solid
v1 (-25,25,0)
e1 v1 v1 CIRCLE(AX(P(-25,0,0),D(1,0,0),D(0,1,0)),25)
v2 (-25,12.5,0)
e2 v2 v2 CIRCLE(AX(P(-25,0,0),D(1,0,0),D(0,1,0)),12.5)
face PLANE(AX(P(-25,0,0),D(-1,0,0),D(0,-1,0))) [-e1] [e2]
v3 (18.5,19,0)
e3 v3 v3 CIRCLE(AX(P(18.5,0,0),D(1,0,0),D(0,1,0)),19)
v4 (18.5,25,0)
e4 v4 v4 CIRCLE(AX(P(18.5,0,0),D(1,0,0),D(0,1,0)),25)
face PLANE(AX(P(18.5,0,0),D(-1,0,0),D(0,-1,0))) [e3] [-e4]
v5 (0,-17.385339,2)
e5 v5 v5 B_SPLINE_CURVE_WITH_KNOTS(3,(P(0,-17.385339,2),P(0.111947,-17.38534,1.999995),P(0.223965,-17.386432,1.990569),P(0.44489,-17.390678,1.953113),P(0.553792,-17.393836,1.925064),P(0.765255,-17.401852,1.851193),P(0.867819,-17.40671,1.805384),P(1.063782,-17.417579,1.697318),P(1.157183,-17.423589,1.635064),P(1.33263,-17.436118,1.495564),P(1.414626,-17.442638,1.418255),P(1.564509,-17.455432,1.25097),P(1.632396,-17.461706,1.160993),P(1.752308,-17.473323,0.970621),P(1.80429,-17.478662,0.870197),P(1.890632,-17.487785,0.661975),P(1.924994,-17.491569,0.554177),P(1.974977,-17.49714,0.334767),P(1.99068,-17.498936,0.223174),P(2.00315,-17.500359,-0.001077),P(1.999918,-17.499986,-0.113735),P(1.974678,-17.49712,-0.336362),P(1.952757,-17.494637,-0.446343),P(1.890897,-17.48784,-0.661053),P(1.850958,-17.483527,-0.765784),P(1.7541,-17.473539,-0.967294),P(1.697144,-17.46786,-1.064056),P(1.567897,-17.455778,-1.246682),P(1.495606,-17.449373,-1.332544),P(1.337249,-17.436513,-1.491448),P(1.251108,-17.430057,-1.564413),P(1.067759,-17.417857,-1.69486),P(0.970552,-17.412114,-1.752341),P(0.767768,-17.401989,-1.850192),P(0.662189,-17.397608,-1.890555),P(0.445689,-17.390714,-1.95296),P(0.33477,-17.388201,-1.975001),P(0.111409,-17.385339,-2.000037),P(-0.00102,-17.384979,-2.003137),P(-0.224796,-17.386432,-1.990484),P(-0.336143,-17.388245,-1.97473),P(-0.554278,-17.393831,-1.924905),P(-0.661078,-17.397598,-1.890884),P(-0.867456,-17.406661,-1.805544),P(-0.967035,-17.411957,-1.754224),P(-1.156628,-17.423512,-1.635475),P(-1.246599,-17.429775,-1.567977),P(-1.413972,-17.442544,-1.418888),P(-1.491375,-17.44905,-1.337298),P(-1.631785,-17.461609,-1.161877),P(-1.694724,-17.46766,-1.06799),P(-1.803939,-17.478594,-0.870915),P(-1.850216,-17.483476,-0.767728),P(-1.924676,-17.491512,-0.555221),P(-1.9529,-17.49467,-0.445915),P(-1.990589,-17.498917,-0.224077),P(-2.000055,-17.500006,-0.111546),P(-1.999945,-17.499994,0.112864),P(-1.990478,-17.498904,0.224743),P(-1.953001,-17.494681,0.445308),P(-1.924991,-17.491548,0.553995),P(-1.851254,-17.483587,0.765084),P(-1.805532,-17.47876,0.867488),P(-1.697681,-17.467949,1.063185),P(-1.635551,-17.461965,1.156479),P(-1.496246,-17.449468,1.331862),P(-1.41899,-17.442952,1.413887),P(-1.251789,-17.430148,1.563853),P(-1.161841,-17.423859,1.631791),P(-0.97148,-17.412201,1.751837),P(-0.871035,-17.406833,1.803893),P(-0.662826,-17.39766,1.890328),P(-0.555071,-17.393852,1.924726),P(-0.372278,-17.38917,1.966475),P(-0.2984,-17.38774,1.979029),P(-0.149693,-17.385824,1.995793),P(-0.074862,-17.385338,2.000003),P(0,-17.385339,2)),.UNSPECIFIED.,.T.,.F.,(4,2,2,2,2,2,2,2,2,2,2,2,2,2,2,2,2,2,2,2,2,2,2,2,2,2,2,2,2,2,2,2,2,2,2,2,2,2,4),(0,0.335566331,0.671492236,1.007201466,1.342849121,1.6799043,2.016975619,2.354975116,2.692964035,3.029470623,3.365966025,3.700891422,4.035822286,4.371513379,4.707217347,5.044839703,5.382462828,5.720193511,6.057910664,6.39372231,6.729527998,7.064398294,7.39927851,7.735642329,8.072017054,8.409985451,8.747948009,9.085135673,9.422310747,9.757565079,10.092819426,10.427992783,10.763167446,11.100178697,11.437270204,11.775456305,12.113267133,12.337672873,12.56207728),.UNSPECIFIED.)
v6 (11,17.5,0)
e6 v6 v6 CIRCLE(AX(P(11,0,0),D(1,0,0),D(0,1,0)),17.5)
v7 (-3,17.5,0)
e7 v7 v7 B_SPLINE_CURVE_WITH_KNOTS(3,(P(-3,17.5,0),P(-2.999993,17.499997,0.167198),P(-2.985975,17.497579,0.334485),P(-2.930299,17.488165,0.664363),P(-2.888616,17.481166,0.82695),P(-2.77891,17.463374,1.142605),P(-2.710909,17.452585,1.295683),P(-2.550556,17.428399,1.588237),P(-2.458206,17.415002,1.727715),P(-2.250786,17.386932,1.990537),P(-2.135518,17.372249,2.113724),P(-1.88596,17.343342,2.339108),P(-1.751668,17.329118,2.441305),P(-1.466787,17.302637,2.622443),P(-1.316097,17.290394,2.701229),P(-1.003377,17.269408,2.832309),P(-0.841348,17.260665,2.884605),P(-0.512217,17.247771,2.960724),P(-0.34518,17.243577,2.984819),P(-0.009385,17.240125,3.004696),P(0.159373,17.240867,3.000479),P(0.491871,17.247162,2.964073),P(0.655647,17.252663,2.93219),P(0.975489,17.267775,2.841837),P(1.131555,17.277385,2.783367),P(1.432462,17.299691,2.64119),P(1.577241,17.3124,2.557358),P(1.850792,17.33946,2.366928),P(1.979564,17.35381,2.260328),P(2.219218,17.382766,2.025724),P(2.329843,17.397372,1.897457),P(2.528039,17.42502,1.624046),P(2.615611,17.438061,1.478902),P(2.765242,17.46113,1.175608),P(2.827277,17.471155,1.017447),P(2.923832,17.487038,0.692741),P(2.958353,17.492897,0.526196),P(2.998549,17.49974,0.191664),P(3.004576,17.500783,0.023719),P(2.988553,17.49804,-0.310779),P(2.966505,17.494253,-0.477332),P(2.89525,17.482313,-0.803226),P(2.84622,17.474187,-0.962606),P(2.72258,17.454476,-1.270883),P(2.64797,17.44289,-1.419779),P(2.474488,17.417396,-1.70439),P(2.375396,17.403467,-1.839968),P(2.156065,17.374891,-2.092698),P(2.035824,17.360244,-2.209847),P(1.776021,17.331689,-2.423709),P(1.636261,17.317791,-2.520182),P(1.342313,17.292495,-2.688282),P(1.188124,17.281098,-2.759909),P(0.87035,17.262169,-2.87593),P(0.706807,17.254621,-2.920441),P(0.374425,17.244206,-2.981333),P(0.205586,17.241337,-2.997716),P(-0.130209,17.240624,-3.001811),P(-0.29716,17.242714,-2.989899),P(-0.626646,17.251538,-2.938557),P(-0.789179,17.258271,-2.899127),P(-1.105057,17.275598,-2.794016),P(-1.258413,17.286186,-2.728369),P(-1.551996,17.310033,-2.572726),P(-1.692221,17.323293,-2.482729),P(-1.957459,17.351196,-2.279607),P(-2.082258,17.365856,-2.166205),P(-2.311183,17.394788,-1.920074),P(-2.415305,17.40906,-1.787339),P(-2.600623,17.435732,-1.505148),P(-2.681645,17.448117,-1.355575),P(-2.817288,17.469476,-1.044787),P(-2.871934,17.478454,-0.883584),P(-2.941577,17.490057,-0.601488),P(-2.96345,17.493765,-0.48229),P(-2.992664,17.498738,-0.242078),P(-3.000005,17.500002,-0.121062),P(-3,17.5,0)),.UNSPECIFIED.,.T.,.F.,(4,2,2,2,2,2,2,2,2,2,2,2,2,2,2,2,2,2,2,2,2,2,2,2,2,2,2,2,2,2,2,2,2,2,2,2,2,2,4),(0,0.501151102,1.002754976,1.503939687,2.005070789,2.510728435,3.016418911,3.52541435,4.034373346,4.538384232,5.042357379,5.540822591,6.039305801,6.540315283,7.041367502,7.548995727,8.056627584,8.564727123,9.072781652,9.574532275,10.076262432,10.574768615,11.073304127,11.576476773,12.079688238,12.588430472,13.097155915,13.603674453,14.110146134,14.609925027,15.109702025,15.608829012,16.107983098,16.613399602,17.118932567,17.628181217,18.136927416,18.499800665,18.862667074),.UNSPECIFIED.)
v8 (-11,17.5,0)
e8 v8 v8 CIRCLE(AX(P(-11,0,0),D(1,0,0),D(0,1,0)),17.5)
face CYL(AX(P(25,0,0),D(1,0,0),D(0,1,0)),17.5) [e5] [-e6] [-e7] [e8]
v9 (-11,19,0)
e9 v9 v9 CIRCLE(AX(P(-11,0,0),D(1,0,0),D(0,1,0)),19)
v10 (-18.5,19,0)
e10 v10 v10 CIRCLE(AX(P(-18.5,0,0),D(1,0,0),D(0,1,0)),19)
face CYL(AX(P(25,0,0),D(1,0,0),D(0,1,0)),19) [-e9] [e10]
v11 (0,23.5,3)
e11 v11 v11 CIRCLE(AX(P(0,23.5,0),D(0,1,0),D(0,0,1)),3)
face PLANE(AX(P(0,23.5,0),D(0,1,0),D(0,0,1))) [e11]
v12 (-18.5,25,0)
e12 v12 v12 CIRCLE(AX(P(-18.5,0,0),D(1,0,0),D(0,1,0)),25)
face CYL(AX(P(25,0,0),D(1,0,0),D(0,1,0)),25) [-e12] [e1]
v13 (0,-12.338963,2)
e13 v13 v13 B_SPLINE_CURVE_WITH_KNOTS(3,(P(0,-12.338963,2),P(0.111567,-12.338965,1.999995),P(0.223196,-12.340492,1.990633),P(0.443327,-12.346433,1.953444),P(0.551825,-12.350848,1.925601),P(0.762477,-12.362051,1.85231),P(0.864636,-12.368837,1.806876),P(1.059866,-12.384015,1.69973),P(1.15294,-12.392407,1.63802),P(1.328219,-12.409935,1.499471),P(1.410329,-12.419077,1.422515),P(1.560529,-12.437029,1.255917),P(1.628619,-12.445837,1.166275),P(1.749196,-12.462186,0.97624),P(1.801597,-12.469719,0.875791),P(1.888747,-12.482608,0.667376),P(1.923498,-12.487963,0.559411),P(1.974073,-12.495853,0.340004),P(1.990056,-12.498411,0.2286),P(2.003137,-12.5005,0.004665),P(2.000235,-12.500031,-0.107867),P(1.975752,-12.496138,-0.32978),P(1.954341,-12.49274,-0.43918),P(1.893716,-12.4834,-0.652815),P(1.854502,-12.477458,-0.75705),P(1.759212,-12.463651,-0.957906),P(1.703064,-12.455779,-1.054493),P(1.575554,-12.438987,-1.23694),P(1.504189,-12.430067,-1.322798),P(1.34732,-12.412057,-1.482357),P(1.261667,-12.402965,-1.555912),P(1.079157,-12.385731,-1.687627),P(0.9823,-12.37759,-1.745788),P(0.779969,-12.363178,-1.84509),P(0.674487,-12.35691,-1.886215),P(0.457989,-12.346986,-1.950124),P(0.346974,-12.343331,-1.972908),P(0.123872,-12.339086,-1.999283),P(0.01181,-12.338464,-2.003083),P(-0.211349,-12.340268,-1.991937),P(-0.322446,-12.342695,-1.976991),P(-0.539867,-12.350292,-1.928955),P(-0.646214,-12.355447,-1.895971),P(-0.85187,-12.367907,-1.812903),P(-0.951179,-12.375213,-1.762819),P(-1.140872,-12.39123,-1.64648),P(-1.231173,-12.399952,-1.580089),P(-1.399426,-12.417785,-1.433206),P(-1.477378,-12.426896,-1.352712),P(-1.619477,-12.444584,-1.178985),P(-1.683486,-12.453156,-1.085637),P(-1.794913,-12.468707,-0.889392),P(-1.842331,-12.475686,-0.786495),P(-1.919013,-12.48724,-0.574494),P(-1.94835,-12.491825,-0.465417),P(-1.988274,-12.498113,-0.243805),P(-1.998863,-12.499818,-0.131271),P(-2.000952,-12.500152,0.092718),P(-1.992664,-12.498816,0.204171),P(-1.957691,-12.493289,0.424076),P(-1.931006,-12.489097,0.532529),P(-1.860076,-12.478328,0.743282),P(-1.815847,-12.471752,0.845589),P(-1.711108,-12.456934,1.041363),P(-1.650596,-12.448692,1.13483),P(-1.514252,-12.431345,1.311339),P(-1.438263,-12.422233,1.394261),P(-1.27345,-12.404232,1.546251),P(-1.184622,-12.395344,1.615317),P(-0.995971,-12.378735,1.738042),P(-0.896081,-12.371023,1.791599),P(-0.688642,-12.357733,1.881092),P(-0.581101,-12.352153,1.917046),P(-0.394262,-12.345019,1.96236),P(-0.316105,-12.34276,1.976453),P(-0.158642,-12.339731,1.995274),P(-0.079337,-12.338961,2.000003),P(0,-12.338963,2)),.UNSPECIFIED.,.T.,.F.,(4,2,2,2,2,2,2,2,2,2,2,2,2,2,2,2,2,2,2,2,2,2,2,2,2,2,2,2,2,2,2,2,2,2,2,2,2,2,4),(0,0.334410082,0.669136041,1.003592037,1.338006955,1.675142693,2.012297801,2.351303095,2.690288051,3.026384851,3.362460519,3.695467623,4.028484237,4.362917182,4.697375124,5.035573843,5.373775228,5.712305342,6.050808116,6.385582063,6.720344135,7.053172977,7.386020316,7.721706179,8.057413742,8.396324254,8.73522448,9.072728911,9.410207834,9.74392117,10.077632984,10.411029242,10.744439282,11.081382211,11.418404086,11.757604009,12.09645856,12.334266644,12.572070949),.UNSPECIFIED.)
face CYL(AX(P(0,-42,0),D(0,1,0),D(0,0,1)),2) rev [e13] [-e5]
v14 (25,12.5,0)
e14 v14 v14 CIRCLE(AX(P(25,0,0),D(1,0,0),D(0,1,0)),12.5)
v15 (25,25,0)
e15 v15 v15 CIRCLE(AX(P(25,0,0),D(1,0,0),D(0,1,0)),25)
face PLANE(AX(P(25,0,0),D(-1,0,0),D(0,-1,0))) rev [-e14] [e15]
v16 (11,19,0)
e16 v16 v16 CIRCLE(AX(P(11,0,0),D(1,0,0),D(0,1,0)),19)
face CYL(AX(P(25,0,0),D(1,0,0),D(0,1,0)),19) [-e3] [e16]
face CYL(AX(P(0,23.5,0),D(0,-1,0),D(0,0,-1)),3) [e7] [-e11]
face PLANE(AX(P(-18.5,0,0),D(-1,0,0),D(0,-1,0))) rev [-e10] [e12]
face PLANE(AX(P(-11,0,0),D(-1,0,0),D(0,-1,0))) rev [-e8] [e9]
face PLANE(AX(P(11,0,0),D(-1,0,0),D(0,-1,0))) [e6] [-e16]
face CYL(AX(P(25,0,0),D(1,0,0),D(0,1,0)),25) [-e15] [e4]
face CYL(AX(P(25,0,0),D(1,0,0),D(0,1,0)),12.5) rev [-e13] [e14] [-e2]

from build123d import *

# Parameters (mm, degrees)
SKETCH2_R           = 2
CUT_EXTRUDE1_DEPTH  = 42
SKETCH3_R           = 3
BOSS_EXTRUDE1_DEPTH = 23.5
SKETCH20_R          = 12.5
CUT_EXTRUDE2_DEPTH  = 62.237243651


with BuildPart() as part:
    # Sketch1 → Revolve1 (revolve)
    with BuildSketch(Plane.XY):
        Polygon((25, 25), (25, 12.5), (-25, 12.5), (-25, 25), (-18.5, 25), (-18.5, 19), (-11, 19), (-11, 17.5), (11, 17.5), (11, 19), (18.5, 19), (18.5, 25), align=None)
    revolve(axis=Axis((25, 0, 0), (-1, 0, 0)))

    # Sketch2 → Cut-Extrude1 (cut)
    with BuildSketch(Plane(origin=(0, 0, 0), x_dir=(1, 0, 0), z_dir=(0, 1, 0))):
        with Locations(Location((0, 0, 0), (0, 0, 270))):
            Circle(SKETCH2_R)
    extrude(amount=-CUT_EXTRUDE1_DEPTH, mode=Mode.SUBTRACT)

    # Sketch3 → Boss-Extrude1 (add)
    with BuildSketch(Plane(origin=(0, 0, 0), x_dir=(1, 0, 0), z_dir=(0, 1, 0))):
        with Locations(Location((0, 0, 0), (0, 0, 180))):
            Circle(SKETCH3_R)
    extrude(amount=BOSS_EXTRUDE1_DEPTH)

    # Sketch20 → Cut-Extrude2 (cut, through all)
    with BuildSketch(Plane.ZY.offset(25)):
        with Locations(Location((0, 0, 0), (0, 0, 90))):
            Circle(SKETCH20_R)
    extrude(amount=-CUT_EXTRUDE2_DEPTH, mode=Mode.SUBTRACT)


solid = part.part
